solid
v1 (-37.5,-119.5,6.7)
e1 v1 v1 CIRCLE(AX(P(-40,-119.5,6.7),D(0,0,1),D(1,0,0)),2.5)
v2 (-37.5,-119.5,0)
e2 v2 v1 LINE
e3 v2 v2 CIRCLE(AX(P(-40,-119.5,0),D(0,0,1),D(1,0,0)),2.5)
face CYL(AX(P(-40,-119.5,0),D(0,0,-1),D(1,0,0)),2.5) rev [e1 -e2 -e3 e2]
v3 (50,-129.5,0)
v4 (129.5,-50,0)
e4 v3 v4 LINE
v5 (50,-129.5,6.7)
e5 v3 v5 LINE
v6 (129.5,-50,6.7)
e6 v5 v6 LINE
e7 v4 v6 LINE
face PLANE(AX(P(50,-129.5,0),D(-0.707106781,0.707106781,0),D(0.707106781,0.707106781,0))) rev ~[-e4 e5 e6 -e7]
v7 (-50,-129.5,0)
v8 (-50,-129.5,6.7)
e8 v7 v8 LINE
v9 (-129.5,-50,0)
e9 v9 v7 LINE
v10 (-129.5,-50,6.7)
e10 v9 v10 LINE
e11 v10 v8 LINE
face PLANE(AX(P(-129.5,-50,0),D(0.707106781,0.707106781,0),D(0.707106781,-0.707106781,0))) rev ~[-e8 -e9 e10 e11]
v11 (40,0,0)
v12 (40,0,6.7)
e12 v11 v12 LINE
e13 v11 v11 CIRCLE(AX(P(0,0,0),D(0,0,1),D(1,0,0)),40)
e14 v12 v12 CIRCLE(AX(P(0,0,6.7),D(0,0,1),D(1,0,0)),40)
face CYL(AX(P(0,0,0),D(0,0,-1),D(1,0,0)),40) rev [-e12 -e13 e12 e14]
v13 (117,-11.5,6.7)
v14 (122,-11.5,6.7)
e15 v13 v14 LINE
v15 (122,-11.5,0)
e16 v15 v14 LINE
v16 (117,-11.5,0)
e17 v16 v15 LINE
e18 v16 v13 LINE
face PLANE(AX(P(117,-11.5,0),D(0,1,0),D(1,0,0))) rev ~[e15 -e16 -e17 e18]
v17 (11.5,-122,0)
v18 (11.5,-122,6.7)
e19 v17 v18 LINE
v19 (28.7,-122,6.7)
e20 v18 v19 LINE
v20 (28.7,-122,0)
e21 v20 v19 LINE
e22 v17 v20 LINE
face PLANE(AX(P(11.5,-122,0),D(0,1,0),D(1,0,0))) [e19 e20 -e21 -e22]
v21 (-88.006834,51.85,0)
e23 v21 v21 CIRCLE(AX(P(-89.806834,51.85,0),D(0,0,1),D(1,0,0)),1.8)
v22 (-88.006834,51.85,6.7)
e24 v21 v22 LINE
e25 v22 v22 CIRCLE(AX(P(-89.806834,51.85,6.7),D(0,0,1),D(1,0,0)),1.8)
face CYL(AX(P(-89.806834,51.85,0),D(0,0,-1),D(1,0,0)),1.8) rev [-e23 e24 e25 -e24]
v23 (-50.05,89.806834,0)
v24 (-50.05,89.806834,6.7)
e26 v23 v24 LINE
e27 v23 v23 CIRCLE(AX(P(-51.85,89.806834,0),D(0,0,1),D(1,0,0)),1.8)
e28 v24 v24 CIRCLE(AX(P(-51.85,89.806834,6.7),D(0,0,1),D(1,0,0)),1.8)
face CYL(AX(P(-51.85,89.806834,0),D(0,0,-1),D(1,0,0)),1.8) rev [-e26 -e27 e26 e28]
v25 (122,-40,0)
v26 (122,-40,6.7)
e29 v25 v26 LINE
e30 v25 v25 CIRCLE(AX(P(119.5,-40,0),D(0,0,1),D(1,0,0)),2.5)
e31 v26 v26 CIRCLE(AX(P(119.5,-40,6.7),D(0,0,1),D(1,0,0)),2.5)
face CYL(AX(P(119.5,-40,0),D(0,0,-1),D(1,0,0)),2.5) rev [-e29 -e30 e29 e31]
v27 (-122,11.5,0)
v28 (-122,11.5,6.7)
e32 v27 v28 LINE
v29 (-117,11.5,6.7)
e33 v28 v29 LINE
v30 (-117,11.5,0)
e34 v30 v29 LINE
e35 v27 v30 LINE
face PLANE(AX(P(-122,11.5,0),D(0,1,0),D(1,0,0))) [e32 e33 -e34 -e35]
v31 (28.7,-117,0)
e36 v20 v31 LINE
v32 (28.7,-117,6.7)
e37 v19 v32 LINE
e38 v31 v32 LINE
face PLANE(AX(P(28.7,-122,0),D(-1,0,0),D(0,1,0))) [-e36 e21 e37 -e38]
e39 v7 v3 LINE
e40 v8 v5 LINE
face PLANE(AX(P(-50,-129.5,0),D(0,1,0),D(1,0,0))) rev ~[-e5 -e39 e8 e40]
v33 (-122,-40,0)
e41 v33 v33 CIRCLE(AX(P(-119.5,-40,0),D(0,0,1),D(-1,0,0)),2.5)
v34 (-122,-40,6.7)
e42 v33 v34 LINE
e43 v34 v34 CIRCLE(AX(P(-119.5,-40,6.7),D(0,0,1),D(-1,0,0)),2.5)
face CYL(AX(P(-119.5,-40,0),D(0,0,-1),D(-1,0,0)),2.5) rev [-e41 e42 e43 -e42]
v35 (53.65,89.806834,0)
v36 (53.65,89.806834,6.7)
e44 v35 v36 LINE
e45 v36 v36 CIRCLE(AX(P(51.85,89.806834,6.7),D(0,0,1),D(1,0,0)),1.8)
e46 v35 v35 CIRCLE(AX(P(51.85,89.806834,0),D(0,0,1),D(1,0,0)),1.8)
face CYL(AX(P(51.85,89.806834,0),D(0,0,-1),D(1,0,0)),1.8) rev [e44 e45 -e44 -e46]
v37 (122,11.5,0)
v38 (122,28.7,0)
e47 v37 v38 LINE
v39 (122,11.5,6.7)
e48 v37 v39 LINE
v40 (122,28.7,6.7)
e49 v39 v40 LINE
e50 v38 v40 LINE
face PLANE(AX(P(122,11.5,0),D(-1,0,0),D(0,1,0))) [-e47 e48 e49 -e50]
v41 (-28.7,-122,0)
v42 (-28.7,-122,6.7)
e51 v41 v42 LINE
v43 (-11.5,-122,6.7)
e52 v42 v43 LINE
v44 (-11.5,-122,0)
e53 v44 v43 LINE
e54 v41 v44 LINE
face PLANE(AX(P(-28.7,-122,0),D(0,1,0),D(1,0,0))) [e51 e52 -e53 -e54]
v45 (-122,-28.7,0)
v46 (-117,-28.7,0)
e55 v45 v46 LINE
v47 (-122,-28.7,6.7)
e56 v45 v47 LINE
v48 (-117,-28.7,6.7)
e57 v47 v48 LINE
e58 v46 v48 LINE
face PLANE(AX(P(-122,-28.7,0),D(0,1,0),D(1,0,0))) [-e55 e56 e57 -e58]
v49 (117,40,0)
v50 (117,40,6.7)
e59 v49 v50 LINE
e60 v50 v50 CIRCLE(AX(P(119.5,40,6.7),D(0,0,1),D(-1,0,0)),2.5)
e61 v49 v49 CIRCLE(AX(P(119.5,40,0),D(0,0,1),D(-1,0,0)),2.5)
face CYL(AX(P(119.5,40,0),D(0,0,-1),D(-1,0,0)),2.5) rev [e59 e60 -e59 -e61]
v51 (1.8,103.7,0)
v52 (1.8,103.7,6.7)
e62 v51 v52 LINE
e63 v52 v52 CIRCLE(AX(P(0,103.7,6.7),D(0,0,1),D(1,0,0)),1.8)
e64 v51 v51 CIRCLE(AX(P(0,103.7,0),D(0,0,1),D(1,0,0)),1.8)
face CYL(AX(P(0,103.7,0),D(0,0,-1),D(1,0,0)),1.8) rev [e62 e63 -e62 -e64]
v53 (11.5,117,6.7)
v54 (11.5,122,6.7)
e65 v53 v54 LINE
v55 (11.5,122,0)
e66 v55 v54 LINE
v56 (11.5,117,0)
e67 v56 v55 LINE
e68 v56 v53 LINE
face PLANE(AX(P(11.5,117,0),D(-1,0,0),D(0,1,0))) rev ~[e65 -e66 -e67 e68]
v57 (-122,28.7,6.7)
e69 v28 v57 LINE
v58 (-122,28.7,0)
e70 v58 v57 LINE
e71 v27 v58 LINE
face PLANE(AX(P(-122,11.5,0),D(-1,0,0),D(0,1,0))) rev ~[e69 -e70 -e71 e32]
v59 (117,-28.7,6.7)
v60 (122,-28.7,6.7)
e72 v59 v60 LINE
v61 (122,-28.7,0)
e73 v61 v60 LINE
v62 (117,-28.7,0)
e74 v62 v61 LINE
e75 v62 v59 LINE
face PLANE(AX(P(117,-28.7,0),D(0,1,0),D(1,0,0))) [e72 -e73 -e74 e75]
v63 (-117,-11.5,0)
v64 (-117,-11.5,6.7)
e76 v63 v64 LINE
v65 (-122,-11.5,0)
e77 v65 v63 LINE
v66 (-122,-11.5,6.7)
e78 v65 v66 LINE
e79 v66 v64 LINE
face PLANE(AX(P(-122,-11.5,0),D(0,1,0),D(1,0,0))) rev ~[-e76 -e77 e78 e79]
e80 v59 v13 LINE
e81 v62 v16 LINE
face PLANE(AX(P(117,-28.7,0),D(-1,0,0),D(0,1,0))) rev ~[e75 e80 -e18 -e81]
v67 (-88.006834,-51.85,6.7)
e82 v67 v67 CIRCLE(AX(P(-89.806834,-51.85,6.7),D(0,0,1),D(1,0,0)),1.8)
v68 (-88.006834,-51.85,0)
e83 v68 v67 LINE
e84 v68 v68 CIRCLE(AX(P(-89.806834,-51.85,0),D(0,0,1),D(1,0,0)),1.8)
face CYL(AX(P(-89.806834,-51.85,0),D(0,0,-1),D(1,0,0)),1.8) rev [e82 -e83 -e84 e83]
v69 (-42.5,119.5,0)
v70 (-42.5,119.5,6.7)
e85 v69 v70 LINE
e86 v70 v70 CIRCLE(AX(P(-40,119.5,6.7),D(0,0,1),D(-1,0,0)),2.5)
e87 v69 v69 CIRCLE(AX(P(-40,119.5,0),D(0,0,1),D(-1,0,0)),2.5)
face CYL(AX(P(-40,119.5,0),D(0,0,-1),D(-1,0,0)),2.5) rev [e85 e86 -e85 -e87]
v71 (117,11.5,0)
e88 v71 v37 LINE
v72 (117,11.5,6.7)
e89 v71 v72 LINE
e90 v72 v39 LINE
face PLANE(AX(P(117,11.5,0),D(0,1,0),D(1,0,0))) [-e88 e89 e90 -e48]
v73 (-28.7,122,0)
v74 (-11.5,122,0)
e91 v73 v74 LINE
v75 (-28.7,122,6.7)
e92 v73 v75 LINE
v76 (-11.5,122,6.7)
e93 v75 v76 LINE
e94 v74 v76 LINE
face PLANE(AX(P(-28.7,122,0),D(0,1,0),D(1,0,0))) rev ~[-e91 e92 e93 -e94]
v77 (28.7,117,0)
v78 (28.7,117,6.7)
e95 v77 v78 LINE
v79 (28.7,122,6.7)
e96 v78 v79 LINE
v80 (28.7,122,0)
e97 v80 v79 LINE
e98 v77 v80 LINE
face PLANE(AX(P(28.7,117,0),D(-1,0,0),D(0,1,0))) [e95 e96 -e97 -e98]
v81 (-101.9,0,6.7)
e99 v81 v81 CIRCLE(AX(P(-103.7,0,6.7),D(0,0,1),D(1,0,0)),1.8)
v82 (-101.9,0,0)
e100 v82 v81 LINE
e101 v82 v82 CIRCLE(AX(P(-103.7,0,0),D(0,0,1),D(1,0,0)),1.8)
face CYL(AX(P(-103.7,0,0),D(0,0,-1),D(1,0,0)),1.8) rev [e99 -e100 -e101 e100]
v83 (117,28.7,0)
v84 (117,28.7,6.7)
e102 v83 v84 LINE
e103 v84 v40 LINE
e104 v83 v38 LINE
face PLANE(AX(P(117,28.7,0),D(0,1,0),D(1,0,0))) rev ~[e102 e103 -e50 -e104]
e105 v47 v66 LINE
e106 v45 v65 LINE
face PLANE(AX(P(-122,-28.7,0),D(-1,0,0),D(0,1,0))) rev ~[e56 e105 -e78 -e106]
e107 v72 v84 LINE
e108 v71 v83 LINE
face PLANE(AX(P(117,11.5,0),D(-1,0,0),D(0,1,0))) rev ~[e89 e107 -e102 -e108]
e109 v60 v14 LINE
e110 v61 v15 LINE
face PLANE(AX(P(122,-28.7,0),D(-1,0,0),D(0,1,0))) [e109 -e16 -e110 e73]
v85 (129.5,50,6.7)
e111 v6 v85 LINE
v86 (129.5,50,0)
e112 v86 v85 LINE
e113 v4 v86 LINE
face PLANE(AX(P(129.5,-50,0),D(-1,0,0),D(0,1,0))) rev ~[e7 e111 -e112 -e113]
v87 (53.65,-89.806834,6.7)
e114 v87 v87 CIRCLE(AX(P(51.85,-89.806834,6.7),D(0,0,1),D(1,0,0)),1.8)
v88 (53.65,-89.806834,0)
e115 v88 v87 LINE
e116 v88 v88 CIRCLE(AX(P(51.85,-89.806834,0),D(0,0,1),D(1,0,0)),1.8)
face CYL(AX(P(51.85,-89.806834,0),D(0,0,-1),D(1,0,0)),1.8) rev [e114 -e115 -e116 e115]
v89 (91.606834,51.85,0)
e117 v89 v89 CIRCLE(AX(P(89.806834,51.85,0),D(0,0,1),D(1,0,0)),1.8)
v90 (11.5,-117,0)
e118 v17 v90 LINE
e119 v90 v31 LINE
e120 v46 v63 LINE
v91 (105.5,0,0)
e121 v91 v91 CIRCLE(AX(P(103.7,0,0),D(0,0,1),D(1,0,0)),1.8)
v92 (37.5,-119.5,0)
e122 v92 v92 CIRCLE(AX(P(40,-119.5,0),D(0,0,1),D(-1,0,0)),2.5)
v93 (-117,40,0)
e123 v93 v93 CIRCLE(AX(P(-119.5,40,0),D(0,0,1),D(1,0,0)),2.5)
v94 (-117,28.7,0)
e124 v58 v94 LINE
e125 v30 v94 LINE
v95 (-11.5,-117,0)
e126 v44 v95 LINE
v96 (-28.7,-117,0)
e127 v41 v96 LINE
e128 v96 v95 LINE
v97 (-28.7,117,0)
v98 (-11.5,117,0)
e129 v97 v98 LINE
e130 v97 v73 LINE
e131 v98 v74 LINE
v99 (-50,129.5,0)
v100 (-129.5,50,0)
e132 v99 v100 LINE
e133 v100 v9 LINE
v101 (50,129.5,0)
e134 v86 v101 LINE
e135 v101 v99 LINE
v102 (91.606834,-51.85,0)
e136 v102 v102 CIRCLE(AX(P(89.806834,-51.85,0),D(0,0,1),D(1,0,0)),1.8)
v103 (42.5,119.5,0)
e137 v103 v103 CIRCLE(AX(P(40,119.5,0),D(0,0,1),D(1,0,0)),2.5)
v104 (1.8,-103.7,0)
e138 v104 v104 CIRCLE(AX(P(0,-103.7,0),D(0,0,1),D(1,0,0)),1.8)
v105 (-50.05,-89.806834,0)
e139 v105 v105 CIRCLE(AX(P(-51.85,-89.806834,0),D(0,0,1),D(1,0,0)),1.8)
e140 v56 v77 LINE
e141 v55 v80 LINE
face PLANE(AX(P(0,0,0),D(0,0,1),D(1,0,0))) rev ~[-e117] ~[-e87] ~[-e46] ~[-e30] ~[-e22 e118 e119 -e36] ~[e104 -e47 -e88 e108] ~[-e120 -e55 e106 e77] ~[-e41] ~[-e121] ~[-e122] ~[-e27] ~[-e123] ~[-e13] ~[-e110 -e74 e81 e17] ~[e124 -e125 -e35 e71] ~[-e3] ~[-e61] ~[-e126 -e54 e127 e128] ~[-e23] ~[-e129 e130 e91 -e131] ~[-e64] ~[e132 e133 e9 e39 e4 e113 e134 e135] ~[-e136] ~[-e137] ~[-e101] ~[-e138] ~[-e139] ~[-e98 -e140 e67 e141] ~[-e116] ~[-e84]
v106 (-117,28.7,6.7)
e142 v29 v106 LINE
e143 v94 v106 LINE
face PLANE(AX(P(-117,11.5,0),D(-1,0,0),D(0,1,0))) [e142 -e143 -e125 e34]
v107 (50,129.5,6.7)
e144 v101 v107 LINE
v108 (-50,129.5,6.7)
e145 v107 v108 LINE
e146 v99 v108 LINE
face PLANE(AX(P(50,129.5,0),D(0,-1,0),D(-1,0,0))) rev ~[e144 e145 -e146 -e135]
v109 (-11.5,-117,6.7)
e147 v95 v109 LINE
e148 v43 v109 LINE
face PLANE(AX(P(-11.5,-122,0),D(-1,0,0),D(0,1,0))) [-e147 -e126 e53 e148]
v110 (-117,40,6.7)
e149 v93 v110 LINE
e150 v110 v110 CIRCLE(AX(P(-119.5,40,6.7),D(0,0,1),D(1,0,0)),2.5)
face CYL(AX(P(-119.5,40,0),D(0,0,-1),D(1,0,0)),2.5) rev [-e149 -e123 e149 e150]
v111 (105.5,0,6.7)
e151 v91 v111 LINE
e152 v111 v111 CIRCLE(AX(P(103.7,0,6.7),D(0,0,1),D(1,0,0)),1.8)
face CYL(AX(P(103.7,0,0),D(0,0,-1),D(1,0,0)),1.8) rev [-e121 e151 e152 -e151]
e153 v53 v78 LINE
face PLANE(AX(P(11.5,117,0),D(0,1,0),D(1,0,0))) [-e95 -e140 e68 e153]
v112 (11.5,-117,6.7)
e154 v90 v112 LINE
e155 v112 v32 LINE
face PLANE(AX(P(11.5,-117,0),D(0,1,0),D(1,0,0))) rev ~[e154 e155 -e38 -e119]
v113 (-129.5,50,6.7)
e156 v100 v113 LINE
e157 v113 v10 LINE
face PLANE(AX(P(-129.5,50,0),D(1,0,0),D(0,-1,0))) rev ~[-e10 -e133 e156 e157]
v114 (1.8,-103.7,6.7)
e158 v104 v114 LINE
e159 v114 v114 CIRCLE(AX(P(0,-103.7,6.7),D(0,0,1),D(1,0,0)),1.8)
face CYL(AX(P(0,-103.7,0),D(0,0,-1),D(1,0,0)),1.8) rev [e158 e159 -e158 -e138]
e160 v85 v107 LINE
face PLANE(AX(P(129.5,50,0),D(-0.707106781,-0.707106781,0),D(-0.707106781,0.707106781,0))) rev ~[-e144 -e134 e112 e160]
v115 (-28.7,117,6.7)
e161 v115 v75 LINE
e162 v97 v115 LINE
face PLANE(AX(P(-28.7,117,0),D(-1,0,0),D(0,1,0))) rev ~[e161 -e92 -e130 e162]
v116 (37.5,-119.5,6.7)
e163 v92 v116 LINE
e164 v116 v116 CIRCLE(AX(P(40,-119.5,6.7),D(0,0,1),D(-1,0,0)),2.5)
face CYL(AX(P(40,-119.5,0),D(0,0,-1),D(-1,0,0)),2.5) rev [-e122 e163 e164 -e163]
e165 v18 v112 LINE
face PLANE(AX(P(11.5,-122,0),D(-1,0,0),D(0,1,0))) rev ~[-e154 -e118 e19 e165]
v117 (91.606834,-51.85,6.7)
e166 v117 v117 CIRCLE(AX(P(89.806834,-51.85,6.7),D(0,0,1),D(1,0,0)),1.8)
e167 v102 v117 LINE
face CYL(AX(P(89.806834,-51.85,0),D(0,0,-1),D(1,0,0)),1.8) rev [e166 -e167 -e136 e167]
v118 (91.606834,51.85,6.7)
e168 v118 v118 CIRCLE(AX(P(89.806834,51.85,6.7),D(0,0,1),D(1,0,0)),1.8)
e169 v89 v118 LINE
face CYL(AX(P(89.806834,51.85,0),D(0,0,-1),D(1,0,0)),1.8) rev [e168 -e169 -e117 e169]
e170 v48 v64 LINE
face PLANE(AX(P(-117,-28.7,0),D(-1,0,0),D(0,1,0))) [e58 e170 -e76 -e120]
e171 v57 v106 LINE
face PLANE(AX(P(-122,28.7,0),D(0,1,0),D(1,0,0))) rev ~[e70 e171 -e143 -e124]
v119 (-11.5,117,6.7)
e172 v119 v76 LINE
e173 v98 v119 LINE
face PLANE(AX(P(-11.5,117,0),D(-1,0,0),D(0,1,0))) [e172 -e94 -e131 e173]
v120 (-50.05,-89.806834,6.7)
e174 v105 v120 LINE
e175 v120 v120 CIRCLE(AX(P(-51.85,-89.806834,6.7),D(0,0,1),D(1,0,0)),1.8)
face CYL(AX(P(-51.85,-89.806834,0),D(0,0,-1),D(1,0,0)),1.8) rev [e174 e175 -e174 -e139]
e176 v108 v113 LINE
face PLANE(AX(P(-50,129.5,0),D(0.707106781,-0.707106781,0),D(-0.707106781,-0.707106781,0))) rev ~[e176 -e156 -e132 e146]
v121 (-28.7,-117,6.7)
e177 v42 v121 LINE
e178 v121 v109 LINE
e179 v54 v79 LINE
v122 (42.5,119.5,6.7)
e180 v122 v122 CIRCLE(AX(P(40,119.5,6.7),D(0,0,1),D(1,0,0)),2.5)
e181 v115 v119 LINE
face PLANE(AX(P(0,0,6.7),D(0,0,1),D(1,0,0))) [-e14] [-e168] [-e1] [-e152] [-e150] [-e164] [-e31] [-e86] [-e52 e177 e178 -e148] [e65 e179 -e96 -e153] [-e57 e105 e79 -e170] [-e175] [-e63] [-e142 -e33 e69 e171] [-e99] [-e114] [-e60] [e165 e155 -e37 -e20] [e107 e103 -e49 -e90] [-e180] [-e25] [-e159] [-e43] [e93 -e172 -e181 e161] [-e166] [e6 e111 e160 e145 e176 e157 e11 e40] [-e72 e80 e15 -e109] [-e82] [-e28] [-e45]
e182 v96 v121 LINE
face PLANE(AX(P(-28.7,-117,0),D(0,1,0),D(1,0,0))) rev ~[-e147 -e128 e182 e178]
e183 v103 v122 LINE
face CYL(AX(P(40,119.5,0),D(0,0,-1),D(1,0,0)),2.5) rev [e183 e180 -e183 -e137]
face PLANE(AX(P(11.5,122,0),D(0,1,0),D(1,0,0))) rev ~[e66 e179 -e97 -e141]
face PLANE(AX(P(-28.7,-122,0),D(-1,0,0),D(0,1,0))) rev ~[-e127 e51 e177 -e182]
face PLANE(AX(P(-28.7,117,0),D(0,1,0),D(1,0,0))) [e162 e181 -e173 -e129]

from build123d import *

# Parameters (mm, degrees)
SKETCH1_R           = 109.5
SKETCH1_R_2         = 40
SKETCH1_R_3         = 1.8
BOSS_EXTRUDE1_DEPTH = 6.7
SKETCH4_R           = 109.5
SKETCH4_R_2         = 2.5
SKETCH4_W           = 17.2
SKETCH4_H           = 5
SKETCH4_W_2         = 5
SKETCH4_H_2         = 17.2
BOSS_EXTRUDE2_DEPTH = 6.7


with BuildPart() as part:
    # Sketch1 → Boss-Extrude1 (new body)
    with BuildSketch(Plane.XY):
        Circle(SKETCH1_R)
        Circle(SKETCH1_R_2, mode=Mode.SUBTRACT)
        with Locations((0, 103.7)):
            Circle(SKETCH1_R_3, mode=Mode.SUBTRACT)
        with Locations((51.85, 89.806834372)):
            Circle(SKETCH1_R_3, mode=Mode.SUBTRACT)
        with Locations((89.806834372, 51.85)):
            Circle(SKETCH1_R_3, mode=Mode.SUBTRACT)
        with Locations((103.7, 0)):
            Circle(SKETCH1_R_3, mode=Mode.SUBTRACT)
        with Locations((89.806834372, -51.85)):
            Circle(SKETCH1_R_3, mode=Mode.SUBTRACT)
        with Locations((51.85, -89.806834372)):
            Circle(SKETCH1_R_3, mode=Mode.SUBTRACT)
        with Locations((0, -103.7)):
            Circle(SKETCH1_R_3, mode=Mode.SUBTRACT)
        with Locations((-51.85, -89.806834372)):
            Circle(SKETCH1_R_3, mode=Mode.SUBTRACT)
        with Locations((-89.806834372, -51.85)):
            Circle(SKETCH1_R_3, mode=Mode.SUBTRACT)
        with Locations((-103.7, 0)):
            Circle(SKETCH1_R_3, mode=Mode.SUBTRACT)
        with Locations((-89.806834372, 51.85)):
            Circle(SKETCH1_R_3, mode=Mode.SUBTRACT)
        with Locations((-51.85, 89.806834372)):
            Circle(SKETCH1_R_3, mode=Mode.SUBTRACT)
    extrude(amount=BOSS_EXTRUDE1_DEPTH)

    # Sketch4 → Boss-Extrude2 (add)
    with BuildSketch(Plane.XY):
        Polygon((50, 129.5), (-50, 129.5), (-129.5, 50), (-129.5, -50), (-50, -129.5), (50, -129.5), (129.5, -50), (129.5, 50), align=None)
        Circle(SKETCH4_R, mode=Mode.SUBTRACT)
        with Locations((40, 119.5)):
            Circle(SKETCH4_R_2, mode=Mode.SUBTRACT)
        with Locations(Location((-40, 119.5, 0), (0, 0, 180))):
            Circle(SKETCH4_R_2, mode=Mode.SUBTRACT)
        with Locations(Location((119.5, 40, 0), (0, 0, 180))):
            Circle(SKETCH4_R_2, mode=Mode.SUBTRACT)
        with Locations((119.5, -40)):
            Circle(SKETCH4_R_2, mode=Mode.SUBTRACT)
        with Locations(Location((40, -119.5, 0), (0, 0, 180))):
            Circle(SKETCH4_R_2, mode=Mode.SUBTRACT)
        with Locations((-40, -119.5)):
            Circle(SKETCH4_R_2, mode=Mode.SUBTRACT)
        with Locations(Location((-119.5, -40, 0), (0, 0, 180))):
            Circle(SKETCH4_R_2, mode=Mode.SUBTRACT)
        with Locations((-119.5, 40)):
            Circle(SKETCH4_R_2, mode=Mode.SUBTRACT)
        with Locations((20.1, 119.5)):
            Rectangle(SKETCH4_W, SKETCH4_H, mode=Mode.SUBTRACT)
        with Locations((-20.1, 119.5)):
            Rectangle(SKETCH4_W, SKETCH4_H, mode=Mode.SUBTRACT)
        with Locations((119.5, 20.1)):
            Rectangle(SKETCH4_W_2, SKETCH4_H_2, mode=Mode.SUBTRACT)
        with Locations((119.5, -20.1)):
            Rectangle(SKETCH4_W_2, SKETCH4_H_2, mode=Mode.SUBTRACT)
        with Locations((20.1, -119.5)):
            Rectangle(SKETCH4_W, SKETCH4_H, mode=Mode.SUBTRACT)
        with Locations((-20.1, -119.5)):
            Rectangle(SKETCH4_W, SKETCH4_H, mode=Mode.SUBTRACT)
        with Locations((-119.5, -20.1)):
            Rectangle(SKETCH4_W_2, SKETCH4_H_2, mode=Mode.SUBTRACT)
        with Locations((-119.5, 20.1)):
            Rectangle(SKETCH4_W_2, SKETCH4_H_2, mode=Mode.SUBTRACT)
    extrude(amount=BOSS_EXTRUDE2_DEPTH)


solid = part.part
